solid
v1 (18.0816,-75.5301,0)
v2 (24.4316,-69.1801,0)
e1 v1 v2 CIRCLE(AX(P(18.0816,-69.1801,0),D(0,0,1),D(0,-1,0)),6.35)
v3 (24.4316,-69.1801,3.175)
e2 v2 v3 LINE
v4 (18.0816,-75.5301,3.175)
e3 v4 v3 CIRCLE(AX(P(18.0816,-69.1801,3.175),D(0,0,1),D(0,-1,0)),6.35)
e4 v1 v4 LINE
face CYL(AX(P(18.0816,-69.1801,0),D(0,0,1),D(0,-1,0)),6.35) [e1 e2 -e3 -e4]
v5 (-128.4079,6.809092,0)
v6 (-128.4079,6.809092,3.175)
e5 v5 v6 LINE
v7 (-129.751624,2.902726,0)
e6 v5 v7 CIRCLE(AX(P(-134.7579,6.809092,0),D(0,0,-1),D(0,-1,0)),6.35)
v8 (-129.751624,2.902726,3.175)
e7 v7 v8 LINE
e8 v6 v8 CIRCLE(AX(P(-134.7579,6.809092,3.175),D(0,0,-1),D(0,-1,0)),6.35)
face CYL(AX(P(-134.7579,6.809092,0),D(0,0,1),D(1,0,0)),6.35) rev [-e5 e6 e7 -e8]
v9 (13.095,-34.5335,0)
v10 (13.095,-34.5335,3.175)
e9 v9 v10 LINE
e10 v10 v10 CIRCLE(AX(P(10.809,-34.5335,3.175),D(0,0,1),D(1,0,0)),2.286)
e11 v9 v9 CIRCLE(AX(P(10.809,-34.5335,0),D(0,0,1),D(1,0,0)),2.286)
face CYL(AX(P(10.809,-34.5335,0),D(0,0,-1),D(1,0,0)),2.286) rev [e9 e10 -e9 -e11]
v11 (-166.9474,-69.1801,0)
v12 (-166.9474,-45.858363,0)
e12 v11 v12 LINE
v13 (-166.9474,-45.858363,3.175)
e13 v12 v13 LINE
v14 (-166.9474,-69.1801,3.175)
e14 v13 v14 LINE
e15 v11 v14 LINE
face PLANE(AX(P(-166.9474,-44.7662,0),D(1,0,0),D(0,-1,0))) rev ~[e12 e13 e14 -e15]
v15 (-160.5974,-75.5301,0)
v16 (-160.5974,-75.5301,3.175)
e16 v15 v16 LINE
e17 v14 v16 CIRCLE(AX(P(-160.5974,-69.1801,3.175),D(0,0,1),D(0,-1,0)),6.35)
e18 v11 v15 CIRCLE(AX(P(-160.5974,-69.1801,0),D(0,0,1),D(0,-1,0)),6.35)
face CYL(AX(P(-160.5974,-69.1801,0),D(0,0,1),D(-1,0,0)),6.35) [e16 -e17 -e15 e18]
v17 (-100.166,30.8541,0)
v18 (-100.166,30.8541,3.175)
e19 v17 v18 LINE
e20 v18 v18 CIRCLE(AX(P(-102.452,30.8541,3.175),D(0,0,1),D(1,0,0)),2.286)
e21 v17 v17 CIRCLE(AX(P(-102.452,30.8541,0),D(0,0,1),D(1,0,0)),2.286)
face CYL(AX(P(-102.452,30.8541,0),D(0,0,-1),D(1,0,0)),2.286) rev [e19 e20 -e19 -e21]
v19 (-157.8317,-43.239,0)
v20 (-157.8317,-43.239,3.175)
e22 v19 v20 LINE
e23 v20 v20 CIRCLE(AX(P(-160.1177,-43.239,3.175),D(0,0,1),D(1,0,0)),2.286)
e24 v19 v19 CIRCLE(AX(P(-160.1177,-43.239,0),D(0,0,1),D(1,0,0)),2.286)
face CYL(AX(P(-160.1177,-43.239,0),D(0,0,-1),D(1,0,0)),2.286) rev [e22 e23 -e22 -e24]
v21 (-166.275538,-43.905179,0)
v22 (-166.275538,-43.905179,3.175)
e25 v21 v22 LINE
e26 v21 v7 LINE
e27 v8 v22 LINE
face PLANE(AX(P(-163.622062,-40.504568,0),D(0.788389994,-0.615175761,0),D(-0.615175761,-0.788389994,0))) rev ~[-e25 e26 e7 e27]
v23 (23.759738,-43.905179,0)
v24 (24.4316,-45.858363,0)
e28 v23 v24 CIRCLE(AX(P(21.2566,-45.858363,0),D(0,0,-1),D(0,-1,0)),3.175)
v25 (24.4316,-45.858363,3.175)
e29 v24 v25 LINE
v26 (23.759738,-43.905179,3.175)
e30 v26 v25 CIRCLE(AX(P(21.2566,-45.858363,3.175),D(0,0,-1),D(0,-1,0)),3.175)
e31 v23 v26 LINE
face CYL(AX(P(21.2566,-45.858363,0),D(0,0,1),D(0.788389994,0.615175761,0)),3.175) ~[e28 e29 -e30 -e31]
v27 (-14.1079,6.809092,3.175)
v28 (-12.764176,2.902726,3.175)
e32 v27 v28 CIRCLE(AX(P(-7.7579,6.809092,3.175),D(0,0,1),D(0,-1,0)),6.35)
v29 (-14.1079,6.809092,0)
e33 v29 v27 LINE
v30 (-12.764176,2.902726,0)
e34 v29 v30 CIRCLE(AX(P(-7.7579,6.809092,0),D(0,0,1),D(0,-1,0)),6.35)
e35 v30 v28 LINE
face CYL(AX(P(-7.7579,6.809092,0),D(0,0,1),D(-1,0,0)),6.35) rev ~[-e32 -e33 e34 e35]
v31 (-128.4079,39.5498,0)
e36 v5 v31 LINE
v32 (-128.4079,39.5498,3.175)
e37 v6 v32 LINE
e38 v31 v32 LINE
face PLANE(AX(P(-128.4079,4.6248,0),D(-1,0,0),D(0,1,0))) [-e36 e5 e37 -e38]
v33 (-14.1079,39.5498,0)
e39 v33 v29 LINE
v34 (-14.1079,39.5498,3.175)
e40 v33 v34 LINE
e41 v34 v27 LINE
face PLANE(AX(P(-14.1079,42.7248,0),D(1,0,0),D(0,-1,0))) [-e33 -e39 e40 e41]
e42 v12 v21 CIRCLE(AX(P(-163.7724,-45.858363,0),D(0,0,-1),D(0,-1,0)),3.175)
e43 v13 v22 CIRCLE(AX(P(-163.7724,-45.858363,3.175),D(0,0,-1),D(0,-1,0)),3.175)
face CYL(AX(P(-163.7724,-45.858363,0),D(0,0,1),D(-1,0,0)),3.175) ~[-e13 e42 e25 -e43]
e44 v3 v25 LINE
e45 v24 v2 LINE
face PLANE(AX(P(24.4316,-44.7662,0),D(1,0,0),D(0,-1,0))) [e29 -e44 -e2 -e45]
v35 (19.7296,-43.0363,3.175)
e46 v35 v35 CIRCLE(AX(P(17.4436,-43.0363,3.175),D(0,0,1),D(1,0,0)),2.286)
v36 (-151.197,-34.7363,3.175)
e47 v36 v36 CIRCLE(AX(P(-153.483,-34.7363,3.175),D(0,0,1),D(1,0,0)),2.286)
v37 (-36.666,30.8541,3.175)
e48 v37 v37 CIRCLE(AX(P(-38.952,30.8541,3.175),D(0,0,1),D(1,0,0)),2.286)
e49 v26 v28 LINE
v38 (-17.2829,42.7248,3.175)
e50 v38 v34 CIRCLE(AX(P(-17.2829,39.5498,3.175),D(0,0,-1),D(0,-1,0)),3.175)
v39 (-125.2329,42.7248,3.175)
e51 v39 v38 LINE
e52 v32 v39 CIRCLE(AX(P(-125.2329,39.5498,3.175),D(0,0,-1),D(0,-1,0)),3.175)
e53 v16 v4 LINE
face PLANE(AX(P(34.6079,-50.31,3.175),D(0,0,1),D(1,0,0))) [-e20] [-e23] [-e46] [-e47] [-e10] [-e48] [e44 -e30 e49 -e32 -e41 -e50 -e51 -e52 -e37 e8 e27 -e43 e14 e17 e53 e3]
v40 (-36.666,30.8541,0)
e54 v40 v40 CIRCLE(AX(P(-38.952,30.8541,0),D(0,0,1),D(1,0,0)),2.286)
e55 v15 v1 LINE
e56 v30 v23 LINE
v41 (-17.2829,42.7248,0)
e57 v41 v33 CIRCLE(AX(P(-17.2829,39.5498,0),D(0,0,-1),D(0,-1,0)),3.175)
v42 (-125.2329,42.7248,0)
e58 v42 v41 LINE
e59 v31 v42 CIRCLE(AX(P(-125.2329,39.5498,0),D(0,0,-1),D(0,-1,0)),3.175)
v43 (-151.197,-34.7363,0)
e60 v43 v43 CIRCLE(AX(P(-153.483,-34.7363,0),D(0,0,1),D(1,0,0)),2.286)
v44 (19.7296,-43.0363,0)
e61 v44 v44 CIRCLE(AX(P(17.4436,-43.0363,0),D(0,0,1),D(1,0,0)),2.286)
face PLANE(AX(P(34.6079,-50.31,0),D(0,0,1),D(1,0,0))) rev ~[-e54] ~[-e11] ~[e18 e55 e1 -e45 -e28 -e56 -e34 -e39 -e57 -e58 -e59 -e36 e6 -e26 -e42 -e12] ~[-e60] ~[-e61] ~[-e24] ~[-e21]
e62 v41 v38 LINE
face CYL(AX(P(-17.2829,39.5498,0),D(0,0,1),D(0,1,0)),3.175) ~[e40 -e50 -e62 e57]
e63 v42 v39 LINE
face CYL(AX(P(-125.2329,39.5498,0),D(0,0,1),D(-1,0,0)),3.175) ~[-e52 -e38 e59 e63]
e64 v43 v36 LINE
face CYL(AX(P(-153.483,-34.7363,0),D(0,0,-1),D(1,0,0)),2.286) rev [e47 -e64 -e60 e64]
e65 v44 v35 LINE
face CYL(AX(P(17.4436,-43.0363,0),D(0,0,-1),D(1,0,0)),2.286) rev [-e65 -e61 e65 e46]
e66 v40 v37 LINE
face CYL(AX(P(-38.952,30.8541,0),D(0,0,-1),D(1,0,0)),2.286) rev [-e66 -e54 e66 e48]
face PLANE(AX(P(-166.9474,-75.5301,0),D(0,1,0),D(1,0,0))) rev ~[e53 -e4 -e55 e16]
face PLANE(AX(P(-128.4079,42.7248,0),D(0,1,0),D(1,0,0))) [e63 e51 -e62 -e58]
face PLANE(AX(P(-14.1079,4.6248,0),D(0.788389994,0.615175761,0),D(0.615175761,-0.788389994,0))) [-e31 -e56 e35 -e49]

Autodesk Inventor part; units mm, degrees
ref_plane "YZ Plane" through (0, 0, 0) normal (1, 0, 0) x (0, 1, 0)
ref_plane "XZ Plane" through (0, 0, 0) normal (0, 1, 0) x (-1, 0, 0)
ref_plane "Work Plane1" through (34.6079, -50.31, 0) normal (0, 0, 1) x (1, 0, 0)
sketch "Sketch1" plane through (34.6079, -50.31, 0) normal (0, 0, 1) x (1, 0, 0)
  circle A0 centre (-188.0909, 15.5737) radius 4.445
  circle A1 centre (-194.7256, 7.071) radius 4.445
  circle A2 centre (-23.7989, 15.7765) radius 4.445
  circle A3 centre (-17.1643, 7.2737) radius 4.445
  line L0 (-188.0964, 20.0187) -> (-23.8044, 20.2215) construction
  line L1 (-48.7158, 54.9348) -> (8.8737, -18.8701)
  line L2 (-17.1592, 2.8288) -> (-194.7205, 2.626) construction
  line L3 (-163.0158, 54.9348) -> (-220.6053, -18.8701)
  line L4 (-174.2476, 54.9348) -> (-39.5273, 54.9348) construction
  line L5 (-163.0158, 54.9348) -> (-163.0158, 93.0348)
  line L6 (-163.0158, 93.0348) -> (-48.7158, 93.0348)
  line L7 (-48.7158, 93.0348) -> (-48.7158, 54.9348)
  line L8 (-286.9371, -18.8701) -> (2.6787, -18.8701)
  line L9 (-201.5553, 5.5438) -> (-201.5553, -18.8701)
  line L10 (-10.1763, 5.5438) -> (-10.1763, -18.8701)
  line L11 (-201.5553, -18.8701) -> (-201.5553, -25.2201)
  line L12 (-201.5553, -25.2201) -> (-10.1763, -25.2201)
  line L13 (-10.1763, -25.2201) -> (-10.1763, -18.8701)
  circle A4 centre (-194.7256, 7.071) radius 2.286 projected
  circle A5 centre (-188.0909, 15.5737) radius 2.286 projected
  circle A6 centre (-23.7989, 15.7765) radius 2.286 projected
  circle A7 centre (-17.1643, 7.2737) radius 2.286 projected
  circle A8 centre (-137.0599, 81.1641) radius 2.286 projected
  circle A9 centre (-73.5599, 81.1641) radius 2.286 projected
  point P0 (-34.6079, 50.31)
  point P1 (-20.2945, 18.5109)
  point P2 (-13.6599, 10.0082)
  point P3 (-191.5953, 18.3082)
  point P4 (-198.23, 9.8054)
  dimension "d0" = 8.89
  dimension "d1" = 8.89
  dimension "d2" = 8.89
  dimension "d3" = 8.89
  dimension "d6" = 114.3
  dimension "d7" = 38.1
  dimension "d10" = 19.05
  dimension "d11" = 19.05
  dimension "d12" = 6.35
extrude "Extrusion1" add sketch "Sketch1" along normal blind 3.175 contours A0 | A1 | A3 | A2 | L3 L5 L6 L7 L1 L10 L8 L9 | L8 L13 L12 L11
fillet "Fillet1" radius 3.175 4 edges at (-128.4079, 42.7248, 1.5875) (-14.1079, 42.7248, 1.5875) (-166.9474, -44.7663, 1.5875) (24.4315, -44.7663, 1.5875)
fillet "Fillet2" radius 6.35 2 edges at (-128.4079, 4.6248, 1.5875) (-14.1079, 4.6248, 1.5875)
fillet "Fillet3" radius 6.35 2 edges at (24.4315, -75.5302, 1.5875) (-166.9474, -75.5302, 1.5875)
properties part number "PolyRamp1" material "Polycarbonate, Smoke"
